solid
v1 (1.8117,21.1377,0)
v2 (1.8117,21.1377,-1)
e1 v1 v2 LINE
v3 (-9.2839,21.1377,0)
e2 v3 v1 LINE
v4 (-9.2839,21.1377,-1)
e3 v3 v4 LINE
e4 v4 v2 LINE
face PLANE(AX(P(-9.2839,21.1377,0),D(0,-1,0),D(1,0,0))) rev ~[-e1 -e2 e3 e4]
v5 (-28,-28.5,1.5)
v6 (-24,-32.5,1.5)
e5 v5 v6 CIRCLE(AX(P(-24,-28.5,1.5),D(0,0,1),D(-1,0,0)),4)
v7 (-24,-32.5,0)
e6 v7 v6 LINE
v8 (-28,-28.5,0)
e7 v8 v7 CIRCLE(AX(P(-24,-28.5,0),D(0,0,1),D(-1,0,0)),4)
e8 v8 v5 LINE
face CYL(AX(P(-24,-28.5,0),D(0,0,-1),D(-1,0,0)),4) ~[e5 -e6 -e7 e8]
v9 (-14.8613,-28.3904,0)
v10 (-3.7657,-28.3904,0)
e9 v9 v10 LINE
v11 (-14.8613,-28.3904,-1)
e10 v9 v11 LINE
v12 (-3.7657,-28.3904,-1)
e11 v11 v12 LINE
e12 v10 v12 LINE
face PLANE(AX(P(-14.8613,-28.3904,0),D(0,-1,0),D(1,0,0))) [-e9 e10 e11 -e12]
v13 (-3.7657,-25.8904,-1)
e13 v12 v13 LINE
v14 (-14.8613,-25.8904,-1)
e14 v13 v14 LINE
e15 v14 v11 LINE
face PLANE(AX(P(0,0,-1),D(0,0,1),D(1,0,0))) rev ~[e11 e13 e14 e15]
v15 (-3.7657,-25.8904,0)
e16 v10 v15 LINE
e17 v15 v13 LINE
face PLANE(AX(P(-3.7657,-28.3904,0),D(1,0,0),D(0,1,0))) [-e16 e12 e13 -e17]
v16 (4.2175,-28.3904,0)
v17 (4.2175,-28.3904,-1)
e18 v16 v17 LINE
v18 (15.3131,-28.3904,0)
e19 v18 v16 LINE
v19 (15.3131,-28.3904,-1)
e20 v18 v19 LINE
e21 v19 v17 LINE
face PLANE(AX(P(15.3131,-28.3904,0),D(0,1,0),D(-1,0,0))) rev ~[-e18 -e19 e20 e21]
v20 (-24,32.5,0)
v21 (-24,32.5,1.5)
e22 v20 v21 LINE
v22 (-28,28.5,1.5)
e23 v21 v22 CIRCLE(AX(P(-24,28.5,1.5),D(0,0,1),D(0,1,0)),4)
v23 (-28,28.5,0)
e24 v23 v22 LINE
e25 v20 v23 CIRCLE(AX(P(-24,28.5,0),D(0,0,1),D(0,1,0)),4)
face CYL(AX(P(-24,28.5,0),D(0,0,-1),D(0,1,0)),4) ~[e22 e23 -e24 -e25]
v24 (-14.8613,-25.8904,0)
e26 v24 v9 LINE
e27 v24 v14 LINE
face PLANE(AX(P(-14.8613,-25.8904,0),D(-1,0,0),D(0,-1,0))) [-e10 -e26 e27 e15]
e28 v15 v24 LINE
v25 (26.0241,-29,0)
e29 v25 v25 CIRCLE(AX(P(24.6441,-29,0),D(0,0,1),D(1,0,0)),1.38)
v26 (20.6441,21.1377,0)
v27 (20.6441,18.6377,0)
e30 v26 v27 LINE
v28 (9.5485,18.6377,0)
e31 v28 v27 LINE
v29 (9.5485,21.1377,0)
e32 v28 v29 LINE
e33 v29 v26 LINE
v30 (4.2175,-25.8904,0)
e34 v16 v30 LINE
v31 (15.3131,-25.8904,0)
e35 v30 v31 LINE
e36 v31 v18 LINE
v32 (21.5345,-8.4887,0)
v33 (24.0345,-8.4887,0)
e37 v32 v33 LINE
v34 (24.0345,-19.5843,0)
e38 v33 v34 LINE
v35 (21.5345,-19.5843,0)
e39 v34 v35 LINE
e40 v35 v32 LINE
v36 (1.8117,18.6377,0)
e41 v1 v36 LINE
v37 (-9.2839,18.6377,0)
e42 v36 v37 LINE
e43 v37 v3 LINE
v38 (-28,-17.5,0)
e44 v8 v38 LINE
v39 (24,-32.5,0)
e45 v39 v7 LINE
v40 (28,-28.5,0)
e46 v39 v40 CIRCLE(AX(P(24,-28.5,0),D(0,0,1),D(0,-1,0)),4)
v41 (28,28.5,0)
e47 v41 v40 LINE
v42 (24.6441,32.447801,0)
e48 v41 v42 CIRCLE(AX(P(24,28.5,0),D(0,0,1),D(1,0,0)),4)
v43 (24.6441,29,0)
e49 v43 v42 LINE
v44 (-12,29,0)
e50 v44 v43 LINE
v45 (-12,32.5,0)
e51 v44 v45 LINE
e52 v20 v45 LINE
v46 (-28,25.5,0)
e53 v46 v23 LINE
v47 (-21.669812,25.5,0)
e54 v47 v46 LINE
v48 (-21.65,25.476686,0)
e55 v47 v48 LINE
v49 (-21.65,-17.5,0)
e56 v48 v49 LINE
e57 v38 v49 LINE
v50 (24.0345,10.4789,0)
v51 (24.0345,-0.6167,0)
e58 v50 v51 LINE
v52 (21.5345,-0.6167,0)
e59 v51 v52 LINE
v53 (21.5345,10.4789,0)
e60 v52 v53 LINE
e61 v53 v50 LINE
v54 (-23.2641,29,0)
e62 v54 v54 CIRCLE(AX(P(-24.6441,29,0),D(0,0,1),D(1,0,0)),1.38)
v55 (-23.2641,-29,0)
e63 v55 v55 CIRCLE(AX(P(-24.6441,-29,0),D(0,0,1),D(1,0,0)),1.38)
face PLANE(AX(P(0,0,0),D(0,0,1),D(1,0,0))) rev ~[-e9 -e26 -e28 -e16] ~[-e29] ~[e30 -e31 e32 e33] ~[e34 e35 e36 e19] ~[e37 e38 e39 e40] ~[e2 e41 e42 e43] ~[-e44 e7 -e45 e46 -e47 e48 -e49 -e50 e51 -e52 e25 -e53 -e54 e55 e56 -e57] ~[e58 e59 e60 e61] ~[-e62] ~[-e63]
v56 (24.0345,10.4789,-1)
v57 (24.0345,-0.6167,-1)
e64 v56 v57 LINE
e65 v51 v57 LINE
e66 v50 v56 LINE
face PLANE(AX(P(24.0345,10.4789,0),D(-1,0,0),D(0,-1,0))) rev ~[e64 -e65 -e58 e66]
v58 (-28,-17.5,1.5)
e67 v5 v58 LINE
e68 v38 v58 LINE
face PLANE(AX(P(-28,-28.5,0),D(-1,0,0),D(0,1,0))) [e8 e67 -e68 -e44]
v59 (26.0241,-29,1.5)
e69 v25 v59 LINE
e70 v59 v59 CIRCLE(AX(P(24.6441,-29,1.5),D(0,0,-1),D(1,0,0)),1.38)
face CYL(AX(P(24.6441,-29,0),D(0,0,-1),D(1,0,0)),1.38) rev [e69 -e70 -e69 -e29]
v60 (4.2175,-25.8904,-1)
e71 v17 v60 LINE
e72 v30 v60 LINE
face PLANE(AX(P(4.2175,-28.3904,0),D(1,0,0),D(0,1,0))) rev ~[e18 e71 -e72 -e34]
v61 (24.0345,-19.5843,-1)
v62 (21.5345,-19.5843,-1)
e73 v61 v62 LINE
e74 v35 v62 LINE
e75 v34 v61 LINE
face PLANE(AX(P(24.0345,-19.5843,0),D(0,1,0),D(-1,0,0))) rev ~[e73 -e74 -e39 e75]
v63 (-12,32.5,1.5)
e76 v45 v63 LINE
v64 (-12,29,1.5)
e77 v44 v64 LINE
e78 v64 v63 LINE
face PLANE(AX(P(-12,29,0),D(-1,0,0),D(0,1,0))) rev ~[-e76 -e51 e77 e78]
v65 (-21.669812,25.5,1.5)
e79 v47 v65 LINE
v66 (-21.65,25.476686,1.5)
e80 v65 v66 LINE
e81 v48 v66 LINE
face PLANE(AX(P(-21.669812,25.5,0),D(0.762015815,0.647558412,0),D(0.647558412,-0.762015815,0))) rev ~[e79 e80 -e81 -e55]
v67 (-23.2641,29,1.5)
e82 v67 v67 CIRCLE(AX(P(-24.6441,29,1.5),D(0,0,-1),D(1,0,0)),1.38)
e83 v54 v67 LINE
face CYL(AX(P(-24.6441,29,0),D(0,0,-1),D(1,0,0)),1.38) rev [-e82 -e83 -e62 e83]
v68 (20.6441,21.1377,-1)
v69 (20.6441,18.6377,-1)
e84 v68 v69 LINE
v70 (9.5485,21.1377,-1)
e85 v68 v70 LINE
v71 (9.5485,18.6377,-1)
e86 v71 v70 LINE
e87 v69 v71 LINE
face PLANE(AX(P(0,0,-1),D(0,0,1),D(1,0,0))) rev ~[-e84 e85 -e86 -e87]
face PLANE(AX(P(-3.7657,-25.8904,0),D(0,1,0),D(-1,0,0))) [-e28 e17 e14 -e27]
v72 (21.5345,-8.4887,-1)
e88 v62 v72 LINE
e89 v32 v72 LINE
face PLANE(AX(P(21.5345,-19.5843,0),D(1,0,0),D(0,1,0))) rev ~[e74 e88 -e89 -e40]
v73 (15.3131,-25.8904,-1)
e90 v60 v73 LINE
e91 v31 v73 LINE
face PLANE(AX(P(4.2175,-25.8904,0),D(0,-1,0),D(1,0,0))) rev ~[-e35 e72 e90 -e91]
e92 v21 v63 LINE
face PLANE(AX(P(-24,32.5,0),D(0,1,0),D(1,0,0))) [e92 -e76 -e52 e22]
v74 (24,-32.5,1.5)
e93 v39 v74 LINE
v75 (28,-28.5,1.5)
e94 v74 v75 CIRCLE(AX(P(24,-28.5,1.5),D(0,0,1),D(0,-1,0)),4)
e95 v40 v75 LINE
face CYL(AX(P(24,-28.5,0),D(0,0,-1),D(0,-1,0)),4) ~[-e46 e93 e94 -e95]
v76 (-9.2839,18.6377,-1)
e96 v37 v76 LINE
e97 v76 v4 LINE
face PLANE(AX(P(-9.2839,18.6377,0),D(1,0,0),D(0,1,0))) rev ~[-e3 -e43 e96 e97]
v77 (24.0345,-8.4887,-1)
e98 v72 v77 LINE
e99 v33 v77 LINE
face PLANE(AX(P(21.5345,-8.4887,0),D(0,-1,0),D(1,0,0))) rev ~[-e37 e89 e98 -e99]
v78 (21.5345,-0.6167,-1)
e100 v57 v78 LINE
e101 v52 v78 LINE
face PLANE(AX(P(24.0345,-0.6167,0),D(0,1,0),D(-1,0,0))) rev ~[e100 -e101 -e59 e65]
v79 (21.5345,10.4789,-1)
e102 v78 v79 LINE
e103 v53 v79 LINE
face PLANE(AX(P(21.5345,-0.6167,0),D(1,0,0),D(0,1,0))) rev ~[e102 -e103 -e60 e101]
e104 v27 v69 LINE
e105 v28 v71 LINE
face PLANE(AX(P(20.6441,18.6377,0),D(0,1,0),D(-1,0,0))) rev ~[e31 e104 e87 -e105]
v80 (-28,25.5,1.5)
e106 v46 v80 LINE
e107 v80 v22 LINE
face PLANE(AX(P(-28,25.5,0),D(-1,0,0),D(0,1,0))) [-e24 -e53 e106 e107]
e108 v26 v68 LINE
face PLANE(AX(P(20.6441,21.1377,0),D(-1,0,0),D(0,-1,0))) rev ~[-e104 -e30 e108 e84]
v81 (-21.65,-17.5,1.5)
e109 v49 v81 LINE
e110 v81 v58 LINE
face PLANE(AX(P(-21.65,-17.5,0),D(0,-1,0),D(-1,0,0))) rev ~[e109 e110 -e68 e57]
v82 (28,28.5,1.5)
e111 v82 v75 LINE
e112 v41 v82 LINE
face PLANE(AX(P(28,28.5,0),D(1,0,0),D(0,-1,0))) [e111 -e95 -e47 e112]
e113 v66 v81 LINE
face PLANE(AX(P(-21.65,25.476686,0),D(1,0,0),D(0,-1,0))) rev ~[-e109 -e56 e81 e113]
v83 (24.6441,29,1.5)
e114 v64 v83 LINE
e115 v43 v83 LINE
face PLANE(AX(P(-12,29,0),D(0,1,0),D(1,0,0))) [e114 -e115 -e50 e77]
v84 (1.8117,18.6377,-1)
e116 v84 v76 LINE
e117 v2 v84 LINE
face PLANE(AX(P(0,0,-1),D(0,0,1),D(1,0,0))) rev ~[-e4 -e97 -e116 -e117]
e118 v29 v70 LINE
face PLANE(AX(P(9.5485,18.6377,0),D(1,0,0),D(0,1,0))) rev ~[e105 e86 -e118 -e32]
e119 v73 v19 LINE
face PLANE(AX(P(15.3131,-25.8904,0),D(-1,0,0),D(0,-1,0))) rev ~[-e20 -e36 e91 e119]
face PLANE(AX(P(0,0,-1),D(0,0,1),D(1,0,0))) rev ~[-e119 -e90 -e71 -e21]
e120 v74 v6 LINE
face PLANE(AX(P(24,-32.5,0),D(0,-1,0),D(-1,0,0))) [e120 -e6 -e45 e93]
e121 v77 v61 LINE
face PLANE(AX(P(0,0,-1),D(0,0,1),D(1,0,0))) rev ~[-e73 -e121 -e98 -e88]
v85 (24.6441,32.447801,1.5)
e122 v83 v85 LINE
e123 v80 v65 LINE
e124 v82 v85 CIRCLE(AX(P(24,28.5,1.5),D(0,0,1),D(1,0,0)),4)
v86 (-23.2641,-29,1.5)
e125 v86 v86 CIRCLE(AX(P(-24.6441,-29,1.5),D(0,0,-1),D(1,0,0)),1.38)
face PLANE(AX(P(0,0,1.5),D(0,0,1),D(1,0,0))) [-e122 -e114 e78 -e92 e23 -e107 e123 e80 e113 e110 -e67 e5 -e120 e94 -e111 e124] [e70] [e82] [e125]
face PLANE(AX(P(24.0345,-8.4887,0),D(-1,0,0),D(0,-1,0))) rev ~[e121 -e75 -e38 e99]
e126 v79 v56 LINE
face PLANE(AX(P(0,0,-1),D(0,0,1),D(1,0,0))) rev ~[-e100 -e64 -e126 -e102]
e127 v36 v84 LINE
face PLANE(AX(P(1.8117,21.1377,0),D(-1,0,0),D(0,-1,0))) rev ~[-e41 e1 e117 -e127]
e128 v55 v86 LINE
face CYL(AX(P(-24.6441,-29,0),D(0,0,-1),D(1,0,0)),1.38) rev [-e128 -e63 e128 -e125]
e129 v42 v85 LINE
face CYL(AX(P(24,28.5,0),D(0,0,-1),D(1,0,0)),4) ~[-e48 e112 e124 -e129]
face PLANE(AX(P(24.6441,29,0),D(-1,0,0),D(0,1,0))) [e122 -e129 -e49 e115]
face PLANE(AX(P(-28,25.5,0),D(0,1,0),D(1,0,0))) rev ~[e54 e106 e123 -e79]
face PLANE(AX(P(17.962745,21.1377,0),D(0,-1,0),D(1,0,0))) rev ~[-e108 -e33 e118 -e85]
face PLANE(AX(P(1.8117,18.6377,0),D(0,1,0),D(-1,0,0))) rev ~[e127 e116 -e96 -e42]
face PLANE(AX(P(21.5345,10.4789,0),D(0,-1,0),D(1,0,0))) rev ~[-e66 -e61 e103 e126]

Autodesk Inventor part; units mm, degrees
ref_plane "YZ Plane" through (0, 0, 0) normal (1, 0, 0) x (0, 1, 0)
ref_plane "XZ Plane" through (0, 0, 0) normal (0, 1, 0) x (-1, 0, 0)
ref_plane "XY Plane" through (0, 0, 0) normal (0, 0, 1) x (1, 0, 0)
sketch "Base" plane through (0, 0, 0) normal (0, 0, 1) x (1, 0, 0)
  line L0 (-24, 32.5) -> (24, 32.5)
  line L1 (28, 28.5) -> (28, -28.5)
  line L2 (24, -32.5) -> (-24, -32.5)
  line L3 (-28, -28.5) -> (-28, 28.5)
  line L4 (-24.6441, 29) -> (24.6441, 29)
  line L5 (24.6441, 29) -> (24.6441, -29)
  line L6 (24.6441, -29) -> (-24.6441, -29)
  line L7 (-24.6441, -29) -> (-24.6441, 29)
  line L8 (-24.6441, 29) -> (24.6441, -29)
  line L9 (24.6441, 29) -> (-24.6441, -29)
  line L10 (-12, 29) -> (-12, 32.5)
  line L11 (24.6441, 29) -> (24.6441, 32.5)
  circle A0 centre (24.6441, -29) radius 1.38
  circle A1 centre (-24.6441, 29) radius 1.38
  circle A2 centre (-24.6441, -29) radius 1.38
  line L12 (-28, 25.5) -> (-21.65, 25.5)
  line L13 (-21.65, 25.5) -> (-21.65, -17.5)
  line L14 (-21.65, -17.5) -> (-28, -17.5)
  line L15 (-28, -17.5) -> (-28, 25.5)
  line L16 (-9.2839, 21.1377) -> (1.8117, 21.1377)
  line L17 (1.8117, 21.1377) -> (1.8117, 18.6377)
  line L18 (1.8117, 18.6377) -> (-9.2839, 18.6377)
  line L19 (-9.2839, 18.6377) -> (-9.2839, 21.1377)
  line L20 (9.5485, 21.1377) -> (20.6441, 21.1377)
  line L21 (20.6441, 21.1377) -> (20.6441, 18.6377)
  line L22 (20.6441, 18.6377) -> (9.5485, 18.6377)
  line L23 (9.5485, 18.6377) -> (9.5485, 21.1377)
  line L24 (21.5345, 10.4789) -> (24.0345, 10.4789)
  line L25 (24.0345, 10.4789) -> (24.0345, -0.6167)
  line L26 (24.0345, -0.6167) -> (21.5345, -0.6167)
  line L27 (21.5345, -0.6167) -> (21.5345, 10.4789)
  line L28 (21.5345, -8.4887) -> (24.0345, -8.4887)
  line L29 (24.0345, -8.4887) -> (24.0345, -19.5843)
  line L30 (24.0345, -19.5843) -> (21.5345, -19.5843)
  line L31 (21.5345, -19.5843) -> (21.5345, -8.4887)
  line L32 (-14.8613, -28.3904) -> (-3.7657, -28.3904)
  line L33 (-3.7657, -28.3904) -> (-3.7657, -25.8904)
  line L34 (-3.7657, -25.8904) -> (-14.8613, -25.8904)
  line L35 (-14.8613, -25.8904) -> (-14.8613, -28.3904)
  line L36 (4.2175, -25.8904) -> (15.3131, -25.8904)
  line L37 (15.3131, -25.8904) -> (15.3131, -28.3904)
  line L38 (15.3131, -28.3904) -> (4.2175, -28.3904)
  line L39 (4.2175, -28.3904) -> (4.2175, -25.8904)
  arc A3 (-24, 32.5) -> (-28, 28.5) centre (-24, 28.5) ccw
  arc A4 (28, 28.5) -> (24, 32.5) centre (24, 28.5) ccw
  arc A5 (24, -32.5) -> (28, -28.5) centre (24, -28.5) ccw
  arc A6 (-28, -28.5) -> (-24, -32.5) centre (-24, -28.5) ccw
  point P0 (0, 0)
  point P1 (-28, 32.5)
  point P2 (28, 32.5)
  point P3 (-28, -32.5)
  point P4 (0, 0)
  point P5 (-21.65, 25.4766)
  point P6 (24.6441, 32.4478)
  point P7 (-21.6699, 25.5)
  dimension "d0" = 56
  dimension "d1" = 65
  dimension "d2" = 58
  dimension "d3" = 3.3559
  dimension "d4" = 3.3559
  dimension "d5" = 3.5
  dimension "d6" = 3.5
  dimension "d7" = 16
  dimension "d8" = 2.76
  dimension "d9" = 6.35
  dimension "d10" = 3.5
  dimension "d11" = 43
  dimension "d12" = 2.5
  dimension "d13" = 4
  dimension "d14" = 0.6096
  dimension "d15" = 0.6096
  dimension "d16" = 4
  dimension "d17" = 49.2883
  dimension "d18" = 18.7161
  dimension "d19" = 7.7369
  dimension "d20" = 7.9832
  dimension "d21" = 7.872
  dimension "d22" = 12.9157
  dimension "d23" = 13.1387
  dimension "d24" = 7.8623
extrude "BaseFeature" add sketch "Base" along normal blind 1.5 contours L0 L10 L4 A1 L7 L12 L3 A3 | L4 L9 L20 L23 L22 L8 L13 L12 A1 | A4 L1 A5 L2 A6 L3 L14 L7 A2 L6 A0 L5 L11 | L5 A0 L8 L9 L22 L21 L20 | L7 A1 L8 L12 | L20 L21 L22 L9 | L9 L22 L23 L20 | L14 L13 L8 L9 A2 L7 | L12 L13 L8 | A0 L6 A2 L9 L8 | L16 L17 L18 L19 | L24 L25 L26 L27 | L28 L29 L30 L31 | L35 L34 L33 L32 | L36 L37 L38 L39
extrude "ConnectorsFeature" add sketch "Base" against normal blind 1 contours L20 L21 L22 L9 | L9 L22 L23 L20 | L16 L17 L18 L19 | L24 L25 L26 L27 | L28 L29 L30 L31 | L35 L34 L33 L32 | L36 L37 L38 L39
equation "\"d4\" = d3"
equation "\"d6\" = d5"
equation "\"d10\" = d5"
properties part number "ArducamHat"
